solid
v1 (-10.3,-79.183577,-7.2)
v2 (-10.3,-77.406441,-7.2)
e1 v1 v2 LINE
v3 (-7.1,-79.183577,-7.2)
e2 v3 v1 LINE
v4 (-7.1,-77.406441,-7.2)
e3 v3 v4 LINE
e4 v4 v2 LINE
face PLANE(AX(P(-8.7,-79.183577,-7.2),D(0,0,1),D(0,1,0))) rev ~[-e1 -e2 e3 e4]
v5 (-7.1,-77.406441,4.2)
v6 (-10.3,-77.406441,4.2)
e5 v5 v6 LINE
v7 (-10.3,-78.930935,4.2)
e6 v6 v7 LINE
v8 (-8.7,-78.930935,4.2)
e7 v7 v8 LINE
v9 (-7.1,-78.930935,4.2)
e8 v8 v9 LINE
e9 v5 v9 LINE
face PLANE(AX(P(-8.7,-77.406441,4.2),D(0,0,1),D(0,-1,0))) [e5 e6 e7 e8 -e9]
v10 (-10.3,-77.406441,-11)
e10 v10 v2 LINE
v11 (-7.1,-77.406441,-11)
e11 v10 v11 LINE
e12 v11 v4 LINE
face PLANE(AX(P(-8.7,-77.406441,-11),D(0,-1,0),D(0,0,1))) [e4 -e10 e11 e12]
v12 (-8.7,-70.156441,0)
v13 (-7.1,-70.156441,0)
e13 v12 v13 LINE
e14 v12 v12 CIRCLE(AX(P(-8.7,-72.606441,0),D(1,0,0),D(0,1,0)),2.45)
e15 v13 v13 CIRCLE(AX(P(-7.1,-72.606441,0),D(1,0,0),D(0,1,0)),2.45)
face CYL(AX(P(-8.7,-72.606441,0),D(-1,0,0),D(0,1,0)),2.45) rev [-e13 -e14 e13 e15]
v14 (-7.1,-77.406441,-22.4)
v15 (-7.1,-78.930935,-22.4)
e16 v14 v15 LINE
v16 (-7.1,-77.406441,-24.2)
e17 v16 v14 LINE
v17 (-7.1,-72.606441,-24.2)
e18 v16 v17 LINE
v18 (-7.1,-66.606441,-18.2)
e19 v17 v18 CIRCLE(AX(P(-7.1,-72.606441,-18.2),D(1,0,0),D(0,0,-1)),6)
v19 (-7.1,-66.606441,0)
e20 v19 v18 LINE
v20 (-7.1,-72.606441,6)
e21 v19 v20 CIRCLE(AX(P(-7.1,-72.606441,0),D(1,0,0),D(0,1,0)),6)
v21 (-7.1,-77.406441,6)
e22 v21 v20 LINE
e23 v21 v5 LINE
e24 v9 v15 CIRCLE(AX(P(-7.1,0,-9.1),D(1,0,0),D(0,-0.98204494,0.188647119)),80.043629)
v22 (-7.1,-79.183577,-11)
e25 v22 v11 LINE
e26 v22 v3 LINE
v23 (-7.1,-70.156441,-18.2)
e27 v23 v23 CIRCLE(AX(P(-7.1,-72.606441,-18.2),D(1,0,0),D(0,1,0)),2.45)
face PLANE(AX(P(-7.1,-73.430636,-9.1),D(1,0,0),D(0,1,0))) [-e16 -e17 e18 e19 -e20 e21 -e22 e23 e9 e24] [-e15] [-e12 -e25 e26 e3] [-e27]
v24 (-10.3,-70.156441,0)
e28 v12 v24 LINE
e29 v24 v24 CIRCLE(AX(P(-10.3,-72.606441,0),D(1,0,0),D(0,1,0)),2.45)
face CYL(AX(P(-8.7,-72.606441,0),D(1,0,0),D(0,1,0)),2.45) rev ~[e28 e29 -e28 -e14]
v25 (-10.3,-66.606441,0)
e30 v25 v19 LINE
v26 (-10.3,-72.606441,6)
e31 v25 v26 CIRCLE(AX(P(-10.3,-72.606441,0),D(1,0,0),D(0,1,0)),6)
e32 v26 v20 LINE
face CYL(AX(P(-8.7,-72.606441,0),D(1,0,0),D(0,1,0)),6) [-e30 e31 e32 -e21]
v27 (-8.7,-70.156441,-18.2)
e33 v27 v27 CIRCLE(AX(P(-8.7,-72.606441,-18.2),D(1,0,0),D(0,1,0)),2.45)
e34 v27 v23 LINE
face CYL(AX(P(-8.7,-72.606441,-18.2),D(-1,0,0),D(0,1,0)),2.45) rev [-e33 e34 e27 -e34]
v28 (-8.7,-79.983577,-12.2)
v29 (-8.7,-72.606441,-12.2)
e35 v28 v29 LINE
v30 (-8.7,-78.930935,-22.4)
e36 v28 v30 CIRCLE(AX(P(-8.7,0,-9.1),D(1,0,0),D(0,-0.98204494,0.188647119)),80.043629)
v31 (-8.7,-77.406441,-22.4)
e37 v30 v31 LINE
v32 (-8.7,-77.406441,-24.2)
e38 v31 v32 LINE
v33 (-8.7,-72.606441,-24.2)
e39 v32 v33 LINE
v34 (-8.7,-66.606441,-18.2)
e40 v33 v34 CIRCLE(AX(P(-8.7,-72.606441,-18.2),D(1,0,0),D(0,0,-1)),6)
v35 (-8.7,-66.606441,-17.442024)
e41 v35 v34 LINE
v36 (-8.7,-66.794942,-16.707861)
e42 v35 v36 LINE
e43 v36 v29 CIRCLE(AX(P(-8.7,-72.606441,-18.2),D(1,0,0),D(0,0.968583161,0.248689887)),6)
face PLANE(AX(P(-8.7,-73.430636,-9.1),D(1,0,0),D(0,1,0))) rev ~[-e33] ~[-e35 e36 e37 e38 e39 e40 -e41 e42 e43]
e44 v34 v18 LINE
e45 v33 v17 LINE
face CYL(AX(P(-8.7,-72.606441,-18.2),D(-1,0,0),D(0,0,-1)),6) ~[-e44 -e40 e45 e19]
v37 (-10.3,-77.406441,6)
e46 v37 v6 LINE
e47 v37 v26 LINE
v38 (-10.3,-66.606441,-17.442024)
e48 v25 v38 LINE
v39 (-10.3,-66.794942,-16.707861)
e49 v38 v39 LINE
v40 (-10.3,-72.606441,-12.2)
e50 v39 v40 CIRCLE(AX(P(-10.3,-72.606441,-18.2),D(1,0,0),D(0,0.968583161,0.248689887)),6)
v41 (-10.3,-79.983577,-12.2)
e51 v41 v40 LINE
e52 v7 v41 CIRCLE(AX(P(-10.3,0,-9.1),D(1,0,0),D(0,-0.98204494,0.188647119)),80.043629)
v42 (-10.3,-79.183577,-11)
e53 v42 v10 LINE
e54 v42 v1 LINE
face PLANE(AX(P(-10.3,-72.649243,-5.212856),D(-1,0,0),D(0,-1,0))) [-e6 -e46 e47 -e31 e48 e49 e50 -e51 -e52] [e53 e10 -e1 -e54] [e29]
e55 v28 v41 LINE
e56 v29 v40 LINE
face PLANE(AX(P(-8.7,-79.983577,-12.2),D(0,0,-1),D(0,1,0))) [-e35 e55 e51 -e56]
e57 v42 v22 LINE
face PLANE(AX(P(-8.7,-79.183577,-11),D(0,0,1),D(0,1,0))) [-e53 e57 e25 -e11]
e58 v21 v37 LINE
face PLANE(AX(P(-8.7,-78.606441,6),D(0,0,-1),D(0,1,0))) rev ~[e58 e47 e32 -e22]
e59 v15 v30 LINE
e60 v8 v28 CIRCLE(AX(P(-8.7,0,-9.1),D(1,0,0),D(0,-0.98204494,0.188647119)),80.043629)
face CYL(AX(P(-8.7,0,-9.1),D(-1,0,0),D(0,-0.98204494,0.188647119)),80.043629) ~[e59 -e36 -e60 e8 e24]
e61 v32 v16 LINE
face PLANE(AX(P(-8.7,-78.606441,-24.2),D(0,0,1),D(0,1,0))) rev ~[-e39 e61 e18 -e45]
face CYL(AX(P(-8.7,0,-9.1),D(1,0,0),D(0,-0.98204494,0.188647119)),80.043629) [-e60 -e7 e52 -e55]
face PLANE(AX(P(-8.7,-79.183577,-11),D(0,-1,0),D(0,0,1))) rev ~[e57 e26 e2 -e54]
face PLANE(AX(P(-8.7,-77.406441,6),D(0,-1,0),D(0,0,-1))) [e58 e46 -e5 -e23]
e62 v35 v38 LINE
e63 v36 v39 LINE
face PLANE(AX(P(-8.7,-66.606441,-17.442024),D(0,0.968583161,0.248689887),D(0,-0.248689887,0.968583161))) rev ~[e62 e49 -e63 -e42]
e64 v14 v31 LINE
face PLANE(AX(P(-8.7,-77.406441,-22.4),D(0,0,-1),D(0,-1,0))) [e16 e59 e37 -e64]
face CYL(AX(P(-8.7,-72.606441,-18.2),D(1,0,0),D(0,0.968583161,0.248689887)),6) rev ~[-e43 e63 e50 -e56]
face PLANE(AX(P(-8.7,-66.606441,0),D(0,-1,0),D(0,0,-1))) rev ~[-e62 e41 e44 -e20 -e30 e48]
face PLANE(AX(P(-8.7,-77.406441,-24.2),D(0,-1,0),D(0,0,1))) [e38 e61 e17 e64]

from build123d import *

# Parameters (mm, degrees)
SKETCH037_R     = 2.45
PAD019_DEPTH    = 1.6
SKETCH038_R     = 2.45
PAD020_DEPTH    = 1.6
SKETCH062_W     = 1.7771358599
SKETCH062_H     = 3.8
POCKET024_DEPTH = 1.6


with BuildPart() as part:
    # Sketch037 → Pad019 (new body)
    with BuildSketch(Plane.YZ.offset(-8.7)):
        with BuildLine():
            ThreePointArc((-6, 6), (-7.4371881489, -9.1), (-6, -24.2))
            Line((-6, -24.2), (0, -24.2))
            ThreePointArc((0, -24.2), (4.2426406871, -22.4426406871), (6, -18.2))
            Line((6, 0), (6, -18.2))
            ThreePointArc((6, 0), (4.2426406871, 4.2426406871), (0, 6))
            Line((-6, 6), (0, 6))
        make_face()
        Circle(SKETCH037_R, mode=Mode.SUBTRACT)
        with Locations((0, -18.2)):
            Circle(SKETCH037_R, mode=Mode.SUBTRACT)
    extrude(amount=PAD019_DEPTH)

    # Sketch038 → Pad020 (join)
    with BuildSketch(Plane.YZ.offset(-8.7)):
        with BuildLine():
            ThreePointArc((5.8114989668, -16.707860677), (3.6774423219, -13.4590699257), (0, -12.2))
            Line((-7.3771358599, -12.2), (0, -12.2))
            ThreePointArc((-6, 6), (-7.2090239265, -3.0606187573), (-7.3771358599, -12.2))
            Line((-6, 6), (0, 6))
            ThreePointArc((6, 0), (4.2426406871, 4.2426406871), (0, 6))
            Line((6, 0), (6, -17.4420237293))
            Line((6, -17.4420237293), (5.8114989668, -16.707860677))
        make_face()
        Circle(SKETCH038_R, mode=Mode.SUBTRACT)
    extrude(amount=-PAD020_DEPTH)

    # Sketch062 → Pocket024 (cut, symmetric)
    with BuildSketch(Plane.YZ.offset(-8.7)):
        with BuildLine():
            ThreePointArc((-6.3244944235, -22.4), (-6.167388681, -23.3009268767), (-6, -24.2))
            Line((-6, -24.2), (-4.8, -24.2))
            Line((-4.8, -24.2), (-4.8, -22.4))
            Line((-4.8, -22.4), (-6.3244944235, -22.4))
        make_face()
        with Locations((-5.68856793, -9.1)):
            Rectangle(SKETCH062_W, SKETCH062_H)
        with BuildLine():
            Line((-6, 6), (-4.8, 6))
            Line((-4.8, 6), (-4.8, 4.2))
            Line((-4.8, 4.2), (-6.3244944235, 4.2))
            ThreePointArc((-6, 6), (-6.167388681, 5.1009268767), (-6.3244944235, 4.2))
        make_face()
    extrude(amount=POCKET024_DEPTH, both=True, mode=Mode.SUBTRACT)


with BuildPart() as part_1:
    # Body017 placement: moved
    add(part.part.moved(Location((0, -72.6064407756, 0))))


solid = part_1.part
